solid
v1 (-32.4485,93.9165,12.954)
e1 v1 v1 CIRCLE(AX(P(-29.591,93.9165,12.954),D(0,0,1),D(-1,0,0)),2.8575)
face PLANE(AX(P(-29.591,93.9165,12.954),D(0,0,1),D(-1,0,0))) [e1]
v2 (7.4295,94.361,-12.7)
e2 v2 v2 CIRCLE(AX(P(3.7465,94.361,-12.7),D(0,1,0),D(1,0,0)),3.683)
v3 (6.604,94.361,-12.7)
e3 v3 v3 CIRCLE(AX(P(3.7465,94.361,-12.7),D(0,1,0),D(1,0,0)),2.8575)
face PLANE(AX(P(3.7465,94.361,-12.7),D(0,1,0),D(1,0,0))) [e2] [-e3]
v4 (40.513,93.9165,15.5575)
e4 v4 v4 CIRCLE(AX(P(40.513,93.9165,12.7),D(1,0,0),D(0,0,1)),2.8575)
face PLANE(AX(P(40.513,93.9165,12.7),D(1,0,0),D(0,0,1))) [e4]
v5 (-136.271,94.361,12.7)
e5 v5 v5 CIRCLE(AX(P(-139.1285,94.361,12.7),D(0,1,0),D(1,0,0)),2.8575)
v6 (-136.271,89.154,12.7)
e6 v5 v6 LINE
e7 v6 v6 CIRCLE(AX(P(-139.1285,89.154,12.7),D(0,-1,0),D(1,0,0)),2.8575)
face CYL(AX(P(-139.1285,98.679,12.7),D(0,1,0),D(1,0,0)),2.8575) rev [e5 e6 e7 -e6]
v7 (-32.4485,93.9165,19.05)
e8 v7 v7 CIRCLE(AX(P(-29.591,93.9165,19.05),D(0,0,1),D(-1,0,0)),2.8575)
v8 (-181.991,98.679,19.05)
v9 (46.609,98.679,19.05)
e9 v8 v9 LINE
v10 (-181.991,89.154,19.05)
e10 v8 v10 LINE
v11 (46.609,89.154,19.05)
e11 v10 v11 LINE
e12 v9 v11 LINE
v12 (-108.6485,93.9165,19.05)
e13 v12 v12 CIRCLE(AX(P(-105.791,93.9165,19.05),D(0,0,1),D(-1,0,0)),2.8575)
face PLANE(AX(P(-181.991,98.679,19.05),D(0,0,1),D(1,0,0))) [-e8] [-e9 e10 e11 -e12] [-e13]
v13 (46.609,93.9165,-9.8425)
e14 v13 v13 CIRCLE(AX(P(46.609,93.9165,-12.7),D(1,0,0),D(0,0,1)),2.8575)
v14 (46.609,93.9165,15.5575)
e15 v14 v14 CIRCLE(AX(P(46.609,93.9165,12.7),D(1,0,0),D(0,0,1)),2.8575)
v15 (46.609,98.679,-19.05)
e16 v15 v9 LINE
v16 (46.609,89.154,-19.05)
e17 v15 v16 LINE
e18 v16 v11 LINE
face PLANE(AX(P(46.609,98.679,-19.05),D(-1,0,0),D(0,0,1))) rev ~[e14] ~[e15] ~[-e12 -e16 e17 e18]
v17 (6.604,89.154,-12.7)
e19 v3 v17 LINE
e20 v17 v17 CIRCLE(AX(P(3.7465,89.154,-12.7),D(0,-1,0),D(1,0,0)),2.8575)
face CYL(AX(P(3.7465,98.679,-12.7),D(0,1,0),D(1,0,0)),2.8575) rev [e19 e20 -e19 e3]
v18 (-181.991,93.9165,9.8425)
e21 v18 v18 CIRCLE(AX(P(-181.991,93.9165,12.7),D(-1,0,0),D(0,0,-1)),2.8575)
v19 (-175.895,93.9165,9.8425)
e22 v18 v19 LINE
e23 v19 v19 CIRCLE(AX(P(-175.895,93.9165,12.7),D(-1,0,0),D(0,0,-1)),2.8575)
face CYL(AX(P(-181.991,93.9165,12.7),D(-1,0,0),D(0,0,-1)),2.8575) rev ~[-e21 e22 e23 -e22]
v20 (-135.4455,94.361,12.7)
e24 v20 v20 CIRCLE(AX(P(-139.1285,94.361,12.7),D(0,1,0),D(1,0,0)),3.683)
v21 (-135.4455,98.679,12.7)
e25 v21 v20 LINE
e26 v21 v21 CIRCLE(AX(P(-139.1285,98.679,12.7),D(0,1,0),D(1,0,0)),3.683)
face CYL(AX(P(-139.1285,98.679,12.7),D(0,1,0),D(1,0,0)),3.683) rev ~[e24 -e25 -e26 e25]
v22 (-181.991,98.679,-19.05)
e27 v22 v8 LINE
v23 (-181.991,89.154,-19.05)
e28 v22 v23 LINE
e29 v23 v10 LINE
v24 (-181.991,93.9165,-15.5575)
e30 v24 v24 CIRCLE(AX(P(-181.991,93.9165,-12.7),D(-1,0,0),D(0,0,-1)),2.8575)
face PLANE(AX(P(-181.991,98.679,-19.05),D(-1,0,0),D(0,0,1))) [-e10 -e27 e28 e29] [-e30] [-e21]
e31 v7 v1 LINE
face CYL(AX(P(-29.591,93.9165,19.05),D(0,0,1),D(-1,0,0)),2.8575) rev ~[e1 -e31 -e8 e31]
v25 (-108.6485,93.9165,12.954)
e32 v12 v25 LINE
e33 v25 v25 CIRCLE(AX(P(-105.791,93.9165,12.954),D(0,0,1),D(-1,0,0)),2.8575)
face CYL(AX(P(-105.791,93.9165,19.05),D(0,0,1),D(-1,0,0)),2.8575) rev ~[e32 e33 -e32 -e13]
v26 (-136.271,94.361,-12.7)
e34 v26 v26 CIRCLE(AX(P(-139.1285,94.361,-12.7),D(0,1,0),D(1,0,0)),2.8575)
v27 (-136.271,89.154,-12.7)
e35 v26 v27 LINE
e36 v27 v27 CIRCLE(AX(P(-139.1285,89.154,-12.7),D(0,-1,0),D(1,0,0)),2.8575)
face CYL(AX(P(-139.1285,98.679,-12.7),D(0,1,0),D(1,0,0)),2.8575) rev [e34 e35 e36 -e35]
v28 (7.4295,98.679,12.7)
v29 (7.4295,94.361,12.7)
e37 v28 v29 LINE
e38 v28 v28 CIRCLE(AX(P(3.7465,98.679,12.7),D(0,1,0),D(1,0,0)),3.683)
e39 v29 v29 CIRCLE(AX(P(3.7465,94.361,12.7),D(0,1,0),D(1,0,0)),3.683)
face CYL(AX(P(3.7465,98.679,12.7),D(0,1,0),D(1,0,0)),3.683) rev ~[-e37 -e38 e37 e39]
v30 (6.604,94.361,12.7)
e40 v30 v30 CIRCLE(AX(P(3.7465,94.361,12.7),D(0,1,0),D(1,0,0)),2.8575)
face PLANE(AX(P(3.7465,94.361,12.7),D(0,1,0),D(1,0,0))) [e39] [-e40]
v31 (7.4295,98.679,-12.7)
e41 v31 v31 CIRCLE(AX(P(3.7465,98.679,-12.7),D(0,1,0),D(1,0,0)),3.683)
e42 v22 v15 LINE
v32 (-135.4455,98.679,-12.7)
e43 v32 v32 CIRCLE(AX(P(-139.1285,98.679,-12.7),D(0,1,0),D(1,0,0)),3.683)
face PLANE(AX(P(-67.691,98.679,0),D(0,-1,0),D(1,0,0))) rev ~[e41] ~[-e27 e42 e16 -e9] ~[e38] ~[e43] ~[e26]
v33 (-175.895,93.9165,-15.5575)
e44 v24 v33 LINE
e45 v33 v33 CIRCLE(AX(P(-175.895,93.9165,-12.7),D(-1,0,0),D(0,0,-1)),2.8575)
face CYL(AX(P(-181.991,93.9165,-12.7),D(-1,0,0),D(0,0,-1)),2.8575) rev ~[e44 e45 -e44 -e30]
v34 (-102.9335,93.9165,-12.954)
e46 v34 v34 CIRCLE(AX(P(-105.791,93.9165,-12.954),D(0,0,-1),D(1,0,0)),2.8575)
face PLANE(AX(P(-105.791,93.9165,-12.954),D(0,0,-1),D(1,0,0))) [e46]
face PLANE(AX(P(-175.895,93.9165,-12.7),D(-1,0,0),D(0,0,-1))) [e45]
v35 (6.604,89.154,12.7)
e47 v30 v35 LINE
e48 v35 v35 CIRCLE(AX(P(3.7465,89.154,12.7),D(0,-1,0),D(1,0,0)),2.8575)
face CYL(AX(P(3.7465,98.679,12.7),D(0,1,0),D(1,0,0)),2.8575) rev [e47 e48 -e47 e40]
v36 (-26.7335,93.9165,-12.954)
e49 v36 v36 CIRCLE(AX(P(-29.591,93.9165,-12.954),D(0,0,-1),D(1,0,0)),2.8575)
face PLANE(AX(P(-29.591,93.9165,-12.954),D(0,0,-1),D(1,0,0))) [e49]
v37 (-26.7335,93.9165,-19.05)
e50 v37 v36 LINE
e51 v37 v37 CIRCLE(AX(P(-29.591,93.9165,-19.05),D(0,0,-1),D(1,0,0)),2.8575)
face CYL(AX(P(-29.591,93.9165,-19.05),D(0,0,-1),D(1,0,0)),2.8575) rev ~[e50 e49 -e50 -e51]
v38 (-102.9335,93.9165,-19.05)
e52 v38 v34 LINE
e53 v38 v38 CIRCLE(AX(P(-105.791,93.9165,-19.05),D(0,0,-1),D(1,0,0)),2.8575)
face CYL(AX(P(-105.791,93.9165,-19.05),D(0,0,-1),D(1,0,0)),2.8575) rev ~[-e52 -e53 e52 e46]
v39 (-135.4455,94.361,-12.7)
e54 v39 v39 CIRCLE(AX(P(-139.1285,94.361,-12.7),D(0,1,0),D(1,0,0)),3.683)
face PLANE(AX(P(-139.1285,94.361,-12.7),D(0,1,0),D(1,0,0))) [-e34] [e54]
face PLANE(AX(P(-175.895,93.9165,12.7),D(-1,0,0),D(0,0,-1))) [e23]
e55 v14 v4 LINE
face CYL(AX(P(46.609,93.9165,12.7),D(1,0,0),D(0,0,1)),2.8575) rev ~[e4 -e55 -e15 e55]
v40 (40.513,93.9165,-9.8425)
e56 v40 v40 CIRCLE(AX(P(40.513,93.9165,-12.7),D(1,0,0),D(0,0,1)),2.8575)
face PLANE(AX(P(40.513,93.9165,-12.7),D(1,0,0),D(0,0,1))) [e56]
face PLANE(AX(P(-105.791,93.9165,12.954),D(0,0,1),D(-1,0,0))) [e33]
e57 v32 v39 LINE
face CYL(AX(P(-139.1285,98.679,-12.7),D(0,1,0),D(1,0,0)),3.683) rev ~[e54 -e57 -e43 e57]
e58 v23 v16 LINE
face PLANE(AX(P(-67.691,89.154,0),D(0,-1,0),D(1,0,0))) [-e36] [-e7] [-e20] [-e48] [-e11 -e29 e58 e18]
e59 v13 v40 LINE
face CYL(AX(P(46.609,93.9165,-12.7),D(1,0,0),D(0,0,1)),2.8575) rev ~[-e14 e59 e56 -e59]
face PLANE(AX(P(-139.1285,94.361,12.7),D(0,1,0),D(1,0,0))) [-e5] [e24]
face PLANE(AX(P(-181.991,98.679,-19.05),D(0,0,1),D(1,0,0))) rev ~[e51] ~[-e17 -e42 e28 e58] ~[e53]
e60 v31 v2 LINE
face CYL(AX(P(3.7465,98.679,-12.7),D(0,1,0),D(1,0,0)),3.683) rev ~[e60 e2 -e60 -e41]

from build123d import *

# Parameters (mm, degrees)
SKETCH006_W     = 228.6
SKETCH006_H     = 38.1
SKETCH006_R     = 2.8575
PAD004_DEPTH    = 9.525
SKETCH077_R     = 3.683
POCKET006_DEPTH = 4.318
SKETCH083_R     = 2.8575
POCKET011_DEPTH = 6.096
SKETCH084_R     = 2.8575
POCKET012_DEPTH = 6.096
SKETCH088_R     = 2.8575
POCKET016_DEPTH = 6.096
SKETCH089_R     = 2.8575
POCKET017_DEPTH = 6.096


with BuildPart() as part:
    # Sketch006 → Pad004 (new body)
    with BuildSketch(Plane.XZ):
        Rectangle(SKETCH006_W, SKETCH006_H)
        with Locations((-71.4375, 12.7)):
            Circle(SKETCH006_R, mode=Mode.SUBTRACT)
        with Locations((-71.4375, -12.7)):
            Circle(SKETCH006_R, mode=Mode.SUBTRACT)
        with Locations((71.4375, -12.7)):
            Circle(SKETCH006_R, mode=Mode.SUBTRACT)
        with Locations((71.4375, 12.7)):
            Circle(SKETCH006_R, mode=Mode.SUBTRACT)
    extrude(amount=PAD004_DEPTH)

    # Sketch077 (on Face9 of Pad004) → Pocket006 (cut)
    with BuildSketch(Plane(origin=(0, 0, 0), x_dir=(1, 0, 0), z_dir=(0, 1, 0))):
        with Locations((71.4375, 12.7)):
            Circle(SKETCH077_R)
        with Locations((71.4375, -12.7)):
            Circle(SKETCH077_R)
        with Locations((-71.4375, -12.7)):
            Circle(SKETCH077_R)
        with Locations((-71.4375, 12.7)):
            Circle(SKETCH077_R)
    extrude(amount=-POCKET006_DEPTH, mode=Mode.SUBTRACT)

    # Sketch083 (on Face6 of Pocket006) → Pocket011 (cut)
    with BuildSketch(Plane(origin=(114.3, 0, 0), x_dir=(0, 0, 1), z_dir=(1, 0, 0))):
        with Locations((-12.7, 4.7625)):
            Circle(SKETCH083_R)
        with Locations((12.7, 4.7625)):
            Circle(SKETCH083_R)
    extrude(amount=-POCKET011_DEPTH, mode=Mode.SUBTRACT)

    # Sketch084 (on Face1 of Pocket006) → Pocket012 (cut)
    with BuildSketch(Plane(origin=(-114.3, 0, 0), x_dir=(0, 0, -1), z_dir=(-1, 0, 0))):
        with Locations((-12.7, 4.7625)):
            Circle(SKETCH084_R)
        with Locations((12.7, 4.7625)):
            Circle(SKETCH084_R)
    extrude(amount=-POCKET012_DEPTH, mode=Mode.SUBTRACT)

    # Sketch088 (on Face2 of Pocket012) → Pocket016 (cut)
    with BuildSketch(Plane(origin=(0, 0, 19.05), x_dir=(-1, 0, 0), z_dir=(0, 0, 1))):
        with Locations((-38.1, 4.7625)):
            Circle(SKETCH088_R)
        with Locations((38.1, 4.7625)):
            Circle(SKETCH088_R)
    extrude(amount=-POCKET016_DEPTH, mode=Mode.SUBTRACT)

    # Sketch089 (on Face5 of Pocket016) → Pocket017 (cut)
    with BuildSketch(Plane(origin=(0, 0, -19.05), x_dir=(1, 0, 0), z_dir=(0, 0, -1))):
        with Locations((38.1, 4.7625)):
            Circle(SKETCH089_R)
        with Locations((-38.1, 4.7625)):
            Circle(SKETCH089_R)
    extrude(amount=-POCKET017_DEPTH, mode=Mode.SUBTRACT)


with BuildPart() as part_1:
    # Body004 placement: moved
    add(part.part.moved(Location((-67.691, 98.679, 0))))


solid = part_1.part
